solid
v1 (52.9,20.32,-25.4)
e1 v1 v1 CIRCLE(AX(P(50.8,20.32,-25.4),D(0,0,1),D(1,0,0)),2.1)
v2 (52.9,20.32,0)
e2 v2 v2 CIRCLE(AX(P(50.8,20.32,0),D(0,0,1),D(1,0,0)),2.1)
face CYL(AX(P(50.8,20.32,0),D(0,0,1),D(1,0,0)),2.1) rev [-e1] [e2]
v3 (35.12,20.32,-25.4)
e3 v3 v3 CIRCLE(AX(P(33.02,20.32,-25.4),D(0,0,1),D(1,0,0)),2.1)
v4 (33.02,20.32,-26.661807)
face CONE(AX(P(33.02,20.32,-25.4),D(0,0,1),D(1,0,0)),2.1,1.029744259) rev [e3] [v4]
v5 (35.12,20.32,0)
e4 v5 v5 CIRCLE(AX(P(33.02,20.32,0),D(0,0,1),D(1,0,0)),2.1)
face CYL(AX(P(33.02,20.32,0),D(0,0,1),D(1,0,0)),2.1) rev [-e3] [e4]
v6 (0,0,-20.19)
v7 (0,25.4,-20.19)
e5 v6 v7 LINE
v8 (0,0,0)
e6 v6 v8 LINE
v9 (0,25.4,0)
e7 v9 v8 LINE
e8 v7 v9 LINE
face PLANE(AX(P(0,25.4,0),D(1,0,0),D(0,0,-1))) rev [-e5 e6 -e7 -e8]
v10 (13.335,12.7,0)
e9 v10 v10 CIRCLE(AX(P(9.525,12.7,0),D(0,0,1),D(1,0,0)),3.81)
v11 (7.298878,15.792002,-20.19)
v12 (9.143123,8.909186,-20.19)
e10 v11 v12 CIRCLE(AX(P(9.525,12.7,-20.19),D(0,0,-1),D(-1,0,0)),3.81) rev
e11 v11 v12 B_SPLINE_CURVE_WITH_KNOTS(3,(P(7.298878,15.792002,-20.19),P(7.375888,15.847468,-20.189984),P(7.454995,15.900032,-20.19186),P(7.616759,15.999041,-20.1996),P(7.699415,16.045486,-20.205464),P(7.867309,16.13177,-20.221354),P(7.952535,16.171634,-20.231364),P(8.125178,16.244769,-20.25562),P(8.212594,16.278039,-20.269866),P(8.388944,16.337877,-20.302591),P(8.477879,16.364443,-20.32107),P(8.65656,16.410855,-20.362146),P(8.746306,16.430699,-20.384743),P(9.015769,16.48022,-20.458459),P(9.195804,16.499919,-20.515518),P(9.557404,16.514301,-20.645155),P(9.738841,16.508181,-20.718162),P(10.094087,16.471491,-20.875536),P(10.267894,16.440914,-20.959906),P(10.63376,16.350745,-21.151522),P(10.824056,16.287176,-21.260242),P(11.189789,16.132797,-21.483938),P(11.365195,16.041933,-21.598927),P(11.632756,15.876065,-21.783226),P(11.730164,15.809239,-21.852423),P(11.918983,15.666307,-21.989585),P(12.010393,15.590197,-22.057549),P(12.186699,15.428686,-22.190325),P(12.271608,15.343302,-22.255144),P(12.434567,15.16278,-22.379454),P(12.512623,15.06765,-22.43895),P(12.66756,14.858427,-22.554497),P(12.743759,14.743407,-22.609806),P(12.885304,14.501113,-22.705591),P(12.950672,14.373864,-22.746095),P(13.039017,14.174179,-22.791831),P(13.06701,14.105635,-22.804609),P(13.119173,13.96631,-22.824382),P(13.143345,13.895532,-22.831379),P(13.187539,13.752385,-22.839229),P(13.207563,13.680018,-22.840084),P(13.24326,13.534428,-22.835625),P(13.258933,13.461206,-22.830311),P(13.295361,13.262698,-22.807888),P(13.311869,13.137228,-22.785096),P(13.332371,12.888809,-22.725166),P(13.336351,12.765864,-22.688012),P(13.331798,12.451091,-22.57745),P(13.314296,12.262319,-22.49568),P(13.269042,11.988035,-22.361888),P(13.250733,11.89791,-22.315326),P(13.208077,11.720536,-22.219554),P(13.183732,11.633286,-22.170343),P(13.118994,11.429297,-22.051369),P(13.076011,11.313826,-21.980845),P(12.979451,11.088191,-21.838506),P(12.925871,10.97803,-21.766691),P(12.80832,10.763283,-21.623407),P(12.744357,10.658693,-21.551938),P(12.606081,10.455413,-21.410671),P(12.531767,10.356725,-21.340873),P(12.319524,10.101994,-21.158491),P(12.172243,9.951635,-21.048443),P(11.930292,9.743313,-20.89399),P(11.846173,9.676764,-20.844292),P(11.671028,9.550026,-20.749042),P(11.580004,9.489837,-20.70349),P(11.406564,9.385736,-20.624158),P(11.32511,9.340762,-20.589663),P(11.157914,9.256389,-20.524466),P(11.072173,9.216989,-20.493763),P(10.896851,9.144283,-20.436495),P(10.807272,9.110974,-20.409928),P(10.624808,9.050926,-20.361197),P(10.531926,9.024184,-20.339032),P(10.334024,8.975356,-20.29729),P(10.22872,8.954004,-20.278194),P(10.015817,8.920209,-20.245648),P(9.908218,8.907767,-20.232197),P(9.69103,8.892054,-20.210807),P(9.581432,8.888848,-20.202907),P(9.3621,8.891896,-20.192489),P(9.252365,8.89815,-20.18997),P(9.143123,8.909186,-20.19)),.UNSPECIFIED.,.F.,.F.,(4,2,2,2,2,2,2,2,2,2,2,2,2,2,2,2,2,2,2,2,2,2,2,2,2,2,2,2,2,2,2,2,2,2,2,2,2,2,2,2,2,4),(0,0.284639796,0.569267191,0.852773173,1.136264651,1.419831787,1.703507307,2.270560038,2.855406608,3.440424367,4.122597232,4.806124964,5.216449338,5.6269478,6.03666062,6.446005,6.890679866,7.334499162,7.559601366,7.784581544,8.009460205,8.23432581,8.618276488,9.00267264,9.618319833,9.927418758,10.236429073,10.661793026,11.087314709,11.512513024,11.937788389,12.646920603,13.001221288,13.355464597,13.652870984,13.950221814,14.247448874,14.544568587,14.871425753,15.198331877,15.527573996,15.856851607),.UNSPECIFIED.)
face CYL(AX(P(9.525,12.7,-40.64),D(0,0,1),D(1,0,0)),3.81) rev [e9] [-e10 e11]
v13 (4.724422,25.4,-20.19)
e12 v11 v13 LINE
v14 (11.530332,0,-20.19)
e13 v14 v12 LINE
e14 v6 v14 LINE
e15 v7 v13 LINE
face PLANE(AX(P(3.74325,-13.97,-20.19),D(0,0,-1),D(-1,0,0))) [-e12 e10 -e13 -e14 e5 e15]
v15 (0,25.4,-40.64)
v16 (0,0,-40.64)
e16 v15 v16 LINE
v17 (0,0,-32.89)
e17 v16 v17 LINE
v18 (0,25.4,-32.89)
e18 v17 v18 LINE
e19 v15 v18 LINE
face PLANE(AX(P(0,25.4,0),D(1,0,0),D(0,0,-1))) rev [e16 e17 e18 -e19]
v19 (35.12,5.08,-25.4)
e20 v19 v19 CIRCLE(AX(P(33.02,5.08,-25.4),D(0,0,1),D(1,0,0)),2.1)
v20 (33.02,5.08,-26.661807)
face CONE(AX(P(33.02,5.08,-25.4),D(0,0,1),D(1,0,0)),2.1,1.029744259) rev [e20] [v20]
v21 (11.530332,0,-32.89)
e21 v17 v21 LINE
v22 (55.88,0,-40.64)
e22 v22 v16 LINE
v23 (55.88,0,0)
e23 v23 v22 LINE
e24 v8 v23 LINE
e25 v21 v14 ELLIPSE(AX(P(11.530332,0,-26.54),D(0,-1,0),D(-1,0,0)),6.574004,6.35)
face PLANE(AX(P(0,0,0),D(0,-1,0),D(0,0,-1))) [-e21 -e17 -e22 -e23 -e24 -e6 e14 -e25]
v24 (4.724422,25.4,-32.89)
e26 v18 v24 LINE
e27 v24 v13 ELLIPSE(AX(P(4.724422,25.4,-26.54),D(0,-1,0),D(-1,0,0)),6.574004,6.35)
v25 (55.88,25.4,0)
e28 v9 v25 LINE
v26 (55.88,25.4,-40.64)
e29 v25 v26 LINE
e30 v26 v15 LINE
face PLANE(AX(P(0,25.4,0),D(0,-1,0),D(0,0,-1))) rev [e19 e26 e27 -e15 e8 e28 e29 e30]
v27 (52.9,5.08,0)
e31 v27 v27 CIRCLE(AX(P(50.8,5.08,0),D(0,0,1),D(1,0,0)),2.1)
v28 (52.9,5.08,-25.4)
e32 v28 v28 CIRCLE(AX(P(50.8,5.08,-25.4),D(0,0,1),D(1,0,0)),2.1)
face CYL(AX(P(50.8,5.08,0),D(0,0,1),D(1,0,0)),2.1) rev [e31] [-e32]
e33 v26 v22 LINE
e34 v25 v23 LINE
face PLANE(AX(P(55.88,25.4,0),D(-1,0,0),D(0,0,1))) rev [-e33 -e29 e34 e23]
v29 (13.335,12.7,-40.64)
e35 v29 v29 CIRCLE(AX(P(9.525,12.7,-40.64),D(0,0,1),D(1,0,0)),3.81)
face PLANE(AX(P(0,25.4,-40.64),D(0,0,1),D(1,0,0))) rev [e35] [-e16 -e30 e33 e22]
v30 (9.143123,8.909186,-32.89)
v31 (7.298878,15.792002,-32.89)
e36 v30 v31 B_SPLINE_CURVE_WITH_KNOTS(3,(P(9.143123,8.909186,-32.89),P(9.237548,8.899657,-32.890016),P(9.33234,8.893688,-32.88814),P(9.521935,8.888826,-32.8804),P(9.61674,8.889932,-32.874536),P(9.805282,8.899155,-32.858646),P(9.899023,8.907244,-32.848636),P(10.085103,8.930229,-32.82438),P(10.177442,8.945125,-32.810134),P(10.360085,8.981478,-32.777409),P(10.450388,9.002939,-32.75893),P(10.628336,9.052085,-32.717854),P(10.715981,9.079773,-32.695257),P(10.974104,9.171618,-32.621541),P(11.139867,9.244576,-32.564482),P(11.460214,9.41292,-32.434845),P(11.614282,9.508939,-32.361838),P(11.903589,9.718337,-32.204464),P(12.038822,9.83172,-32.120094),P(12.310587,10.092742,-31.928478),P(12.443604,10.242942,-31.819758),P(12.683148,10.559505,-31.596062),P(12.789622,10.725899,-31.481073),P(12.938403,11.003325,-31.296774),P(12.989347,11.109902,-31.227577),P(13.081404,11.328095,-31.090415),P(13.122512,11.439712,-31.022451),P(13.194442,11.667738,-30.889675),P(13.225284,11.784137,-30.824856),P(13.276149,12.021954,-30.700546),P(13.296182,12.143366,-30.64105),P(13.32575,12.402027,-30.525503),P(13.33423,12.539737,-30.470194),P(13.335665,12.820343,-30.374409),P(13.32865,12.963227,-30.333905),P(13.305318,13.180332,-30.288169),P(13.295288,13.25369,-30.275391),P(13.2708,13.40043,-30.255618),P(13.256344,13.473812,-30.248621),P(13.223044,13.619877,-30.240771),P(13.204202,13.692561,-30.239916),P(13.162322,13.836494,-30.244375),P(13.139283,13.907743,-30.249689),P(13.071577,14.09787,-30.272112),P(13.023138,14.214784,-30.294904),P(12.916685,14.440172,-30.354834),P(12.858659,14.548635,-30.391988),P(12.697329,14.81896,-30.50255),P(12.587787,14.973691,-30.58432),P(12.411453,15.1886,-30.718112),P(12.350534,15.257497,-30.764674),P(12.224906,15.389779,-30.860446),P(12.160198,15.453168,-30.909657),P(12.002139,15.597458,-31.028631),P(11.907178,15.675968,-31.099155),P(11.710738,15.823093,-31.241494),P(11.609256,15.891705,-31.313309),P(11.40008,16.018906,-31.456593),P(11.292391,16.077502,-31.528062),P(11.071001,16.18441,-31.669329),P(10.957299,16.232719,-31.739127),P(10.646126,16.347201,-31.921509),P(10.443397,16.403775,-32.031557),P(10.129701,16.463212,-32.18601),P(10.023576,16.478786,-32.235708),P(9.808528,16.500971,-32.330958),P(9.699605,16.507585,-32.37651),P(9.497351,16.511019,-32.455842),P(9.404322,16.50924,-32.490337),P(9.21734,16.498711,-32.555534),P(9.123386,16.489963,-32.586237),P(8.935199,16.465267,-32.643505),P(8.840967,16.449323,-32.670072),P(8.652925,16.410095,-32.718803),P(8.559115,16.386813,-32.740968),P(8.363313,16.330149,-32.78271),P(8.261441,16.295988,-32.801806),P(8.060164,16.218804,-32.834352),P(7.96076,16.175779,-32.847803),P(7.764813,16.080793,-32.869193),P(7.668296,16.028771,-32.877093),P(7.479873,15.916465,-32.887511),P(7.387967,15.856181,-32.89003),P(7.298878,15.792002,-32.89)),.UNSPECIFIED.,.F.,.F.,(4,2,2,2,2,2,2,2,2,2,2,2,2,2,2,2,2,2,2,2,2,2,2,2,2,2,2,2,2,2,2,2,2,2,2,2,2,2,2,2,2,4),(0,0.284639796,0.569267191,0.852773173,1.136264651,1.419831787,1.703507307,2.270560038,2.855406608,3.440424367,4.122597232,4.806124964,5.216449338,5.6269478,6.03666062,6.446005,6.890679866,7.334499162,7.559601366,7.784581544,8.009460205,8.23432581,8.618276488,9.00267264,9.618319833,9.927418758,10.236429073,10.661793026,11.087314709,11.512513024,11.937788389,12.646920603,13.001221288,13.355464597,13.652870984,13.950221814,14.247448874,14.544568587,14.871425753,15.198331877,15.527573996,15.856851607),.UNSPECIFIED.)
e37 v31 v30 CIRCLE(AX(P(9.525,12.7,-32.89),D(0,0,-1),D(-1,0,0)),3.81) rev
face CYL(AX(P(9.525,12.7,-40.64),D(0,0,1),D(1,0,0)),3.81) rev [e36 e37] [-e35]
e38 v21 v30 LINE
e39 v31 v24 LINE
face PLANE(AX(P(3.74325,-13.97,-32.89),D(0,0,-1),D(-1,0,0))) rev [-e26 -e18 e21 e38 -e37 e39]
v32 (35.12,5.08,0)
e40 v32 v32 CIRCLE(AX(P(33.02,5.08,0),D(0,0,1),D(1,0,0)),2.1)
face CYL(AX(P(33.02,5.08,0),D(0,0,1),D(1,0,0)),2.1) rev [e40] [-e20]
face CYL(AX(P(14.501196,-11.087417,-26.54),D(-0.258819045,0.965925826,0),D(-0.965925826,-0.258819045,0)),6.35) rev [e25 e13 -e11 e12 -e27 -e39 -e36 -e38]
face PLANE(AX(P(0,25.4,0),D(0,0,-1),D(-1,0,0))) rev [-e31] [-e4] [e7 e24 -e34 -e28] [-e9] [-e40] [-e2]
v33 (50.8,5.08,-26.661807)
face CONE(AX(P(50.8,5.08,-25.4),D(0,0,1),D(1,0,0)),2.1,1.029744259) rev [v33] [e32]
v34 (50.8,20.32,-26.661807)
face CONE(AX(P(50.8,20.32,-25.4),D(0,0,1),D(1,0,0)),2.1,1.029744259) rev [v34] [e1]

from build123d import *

# Parameters (mm, degrees)
SKETCH1_W                 = 55.88
SKETCH1_H                 = 40.64
BOSS_EXTRUDE1_DEPTH       = 25.4
SKETCH3_R                 = 3.81
CUT_EXTRUDE1_DEPTH        = 74.616193871
M5X0_8_TAPPED_HOLE1_D     = 4.2
M5X0_8_TAPPED_HOLE1_DEPTH = 25.4
M5X0_8_TAPPED_HOLE1_TIP   = 1.2618073
CUT_EXTRUDE3_DEPTH        = 73.924463946
CUT_EXTRUDE3_DEPTH_BACK   = 73.924463946


with BuildPart() as part:
    # Sketch1 → Boss-Extrude1 (new body)
    with BuildSketch(Plane(origin=(0, 0, 0), x_dir=(1, 0, 0), z_dir=(0, 1, 0))):
        with Locations((27.94, 20.32)):
            Rectangle(SKETCH1_W, SKETCH1_H)
    extrude(amount=BOSS_EXTRUDE1_DEPTH)

    # Sketch3 → Cut-Extrude1 (cut, through all)
    with BuildSketch(Plane.XY):
        with Locations((9.525, 12.7)):
            Circle(SKETCH3_R)
    extrude(amount=-CUT_EXTRUDE1_DEPTH, mode=Mode.SUBTRACT)

    # M5x0.8 Tapped Hole1
    with Locations(Plane.XY):
        with Locations((50.8, 5.08), (33.02, 5.08), (33.02, 20.32), (50.8, 20.32)):
            Hole(M5X0_8_TAPPED_HOLE1_D / 2, depth=M5X0_8_TAPPED_HOLE1_DEPTH)
            with Locations((0, 0, -(M5X0_8_TAPPED_HOLE1_DEPTH + M5X0_8_TAPPED_HOLE1_TIP / 2))):  # 118° drill point
                Cone(0, M5X0_8_TAPPED_HOLE1_D / 2, M5X0_8_TAPPED_HOLE1_TIP, mode=Mode.SUBTRACT)

    # Sketch8 → Cut-Extrude3 (cut, two sides: drawn at the far end of the back side and taken through both)
    with BuildSketch(Plane(origin=(-2.536945986, 9.468011314, 0), x_dir=(0.9659258262890681, 0.25881904510252135, 0), z_dir=(-0.25881904510252135, 0.9659258262890681, 0)).offset(-CUT_EXTRUDE3_DEPTH_BACK)):
        with BuildLine():
            Line((0, 20.19), (11.137445368, 20.19))
            ThreePointArc((11.137445368, 20.19), (17.487445368, 26.54), (11.137445368, 32.89))
            Line((11.137445368, 32.89), (0, 32.89))
            Line((0, 32.89), (0, 20.19))
        make_face()
    extrude(amount=CUT_EXTRUDE3_DEPTH + CUT_EXTRUDE3_DEPTH_BACK, mode=Mode.SUBTRACT)


solid = part.part
